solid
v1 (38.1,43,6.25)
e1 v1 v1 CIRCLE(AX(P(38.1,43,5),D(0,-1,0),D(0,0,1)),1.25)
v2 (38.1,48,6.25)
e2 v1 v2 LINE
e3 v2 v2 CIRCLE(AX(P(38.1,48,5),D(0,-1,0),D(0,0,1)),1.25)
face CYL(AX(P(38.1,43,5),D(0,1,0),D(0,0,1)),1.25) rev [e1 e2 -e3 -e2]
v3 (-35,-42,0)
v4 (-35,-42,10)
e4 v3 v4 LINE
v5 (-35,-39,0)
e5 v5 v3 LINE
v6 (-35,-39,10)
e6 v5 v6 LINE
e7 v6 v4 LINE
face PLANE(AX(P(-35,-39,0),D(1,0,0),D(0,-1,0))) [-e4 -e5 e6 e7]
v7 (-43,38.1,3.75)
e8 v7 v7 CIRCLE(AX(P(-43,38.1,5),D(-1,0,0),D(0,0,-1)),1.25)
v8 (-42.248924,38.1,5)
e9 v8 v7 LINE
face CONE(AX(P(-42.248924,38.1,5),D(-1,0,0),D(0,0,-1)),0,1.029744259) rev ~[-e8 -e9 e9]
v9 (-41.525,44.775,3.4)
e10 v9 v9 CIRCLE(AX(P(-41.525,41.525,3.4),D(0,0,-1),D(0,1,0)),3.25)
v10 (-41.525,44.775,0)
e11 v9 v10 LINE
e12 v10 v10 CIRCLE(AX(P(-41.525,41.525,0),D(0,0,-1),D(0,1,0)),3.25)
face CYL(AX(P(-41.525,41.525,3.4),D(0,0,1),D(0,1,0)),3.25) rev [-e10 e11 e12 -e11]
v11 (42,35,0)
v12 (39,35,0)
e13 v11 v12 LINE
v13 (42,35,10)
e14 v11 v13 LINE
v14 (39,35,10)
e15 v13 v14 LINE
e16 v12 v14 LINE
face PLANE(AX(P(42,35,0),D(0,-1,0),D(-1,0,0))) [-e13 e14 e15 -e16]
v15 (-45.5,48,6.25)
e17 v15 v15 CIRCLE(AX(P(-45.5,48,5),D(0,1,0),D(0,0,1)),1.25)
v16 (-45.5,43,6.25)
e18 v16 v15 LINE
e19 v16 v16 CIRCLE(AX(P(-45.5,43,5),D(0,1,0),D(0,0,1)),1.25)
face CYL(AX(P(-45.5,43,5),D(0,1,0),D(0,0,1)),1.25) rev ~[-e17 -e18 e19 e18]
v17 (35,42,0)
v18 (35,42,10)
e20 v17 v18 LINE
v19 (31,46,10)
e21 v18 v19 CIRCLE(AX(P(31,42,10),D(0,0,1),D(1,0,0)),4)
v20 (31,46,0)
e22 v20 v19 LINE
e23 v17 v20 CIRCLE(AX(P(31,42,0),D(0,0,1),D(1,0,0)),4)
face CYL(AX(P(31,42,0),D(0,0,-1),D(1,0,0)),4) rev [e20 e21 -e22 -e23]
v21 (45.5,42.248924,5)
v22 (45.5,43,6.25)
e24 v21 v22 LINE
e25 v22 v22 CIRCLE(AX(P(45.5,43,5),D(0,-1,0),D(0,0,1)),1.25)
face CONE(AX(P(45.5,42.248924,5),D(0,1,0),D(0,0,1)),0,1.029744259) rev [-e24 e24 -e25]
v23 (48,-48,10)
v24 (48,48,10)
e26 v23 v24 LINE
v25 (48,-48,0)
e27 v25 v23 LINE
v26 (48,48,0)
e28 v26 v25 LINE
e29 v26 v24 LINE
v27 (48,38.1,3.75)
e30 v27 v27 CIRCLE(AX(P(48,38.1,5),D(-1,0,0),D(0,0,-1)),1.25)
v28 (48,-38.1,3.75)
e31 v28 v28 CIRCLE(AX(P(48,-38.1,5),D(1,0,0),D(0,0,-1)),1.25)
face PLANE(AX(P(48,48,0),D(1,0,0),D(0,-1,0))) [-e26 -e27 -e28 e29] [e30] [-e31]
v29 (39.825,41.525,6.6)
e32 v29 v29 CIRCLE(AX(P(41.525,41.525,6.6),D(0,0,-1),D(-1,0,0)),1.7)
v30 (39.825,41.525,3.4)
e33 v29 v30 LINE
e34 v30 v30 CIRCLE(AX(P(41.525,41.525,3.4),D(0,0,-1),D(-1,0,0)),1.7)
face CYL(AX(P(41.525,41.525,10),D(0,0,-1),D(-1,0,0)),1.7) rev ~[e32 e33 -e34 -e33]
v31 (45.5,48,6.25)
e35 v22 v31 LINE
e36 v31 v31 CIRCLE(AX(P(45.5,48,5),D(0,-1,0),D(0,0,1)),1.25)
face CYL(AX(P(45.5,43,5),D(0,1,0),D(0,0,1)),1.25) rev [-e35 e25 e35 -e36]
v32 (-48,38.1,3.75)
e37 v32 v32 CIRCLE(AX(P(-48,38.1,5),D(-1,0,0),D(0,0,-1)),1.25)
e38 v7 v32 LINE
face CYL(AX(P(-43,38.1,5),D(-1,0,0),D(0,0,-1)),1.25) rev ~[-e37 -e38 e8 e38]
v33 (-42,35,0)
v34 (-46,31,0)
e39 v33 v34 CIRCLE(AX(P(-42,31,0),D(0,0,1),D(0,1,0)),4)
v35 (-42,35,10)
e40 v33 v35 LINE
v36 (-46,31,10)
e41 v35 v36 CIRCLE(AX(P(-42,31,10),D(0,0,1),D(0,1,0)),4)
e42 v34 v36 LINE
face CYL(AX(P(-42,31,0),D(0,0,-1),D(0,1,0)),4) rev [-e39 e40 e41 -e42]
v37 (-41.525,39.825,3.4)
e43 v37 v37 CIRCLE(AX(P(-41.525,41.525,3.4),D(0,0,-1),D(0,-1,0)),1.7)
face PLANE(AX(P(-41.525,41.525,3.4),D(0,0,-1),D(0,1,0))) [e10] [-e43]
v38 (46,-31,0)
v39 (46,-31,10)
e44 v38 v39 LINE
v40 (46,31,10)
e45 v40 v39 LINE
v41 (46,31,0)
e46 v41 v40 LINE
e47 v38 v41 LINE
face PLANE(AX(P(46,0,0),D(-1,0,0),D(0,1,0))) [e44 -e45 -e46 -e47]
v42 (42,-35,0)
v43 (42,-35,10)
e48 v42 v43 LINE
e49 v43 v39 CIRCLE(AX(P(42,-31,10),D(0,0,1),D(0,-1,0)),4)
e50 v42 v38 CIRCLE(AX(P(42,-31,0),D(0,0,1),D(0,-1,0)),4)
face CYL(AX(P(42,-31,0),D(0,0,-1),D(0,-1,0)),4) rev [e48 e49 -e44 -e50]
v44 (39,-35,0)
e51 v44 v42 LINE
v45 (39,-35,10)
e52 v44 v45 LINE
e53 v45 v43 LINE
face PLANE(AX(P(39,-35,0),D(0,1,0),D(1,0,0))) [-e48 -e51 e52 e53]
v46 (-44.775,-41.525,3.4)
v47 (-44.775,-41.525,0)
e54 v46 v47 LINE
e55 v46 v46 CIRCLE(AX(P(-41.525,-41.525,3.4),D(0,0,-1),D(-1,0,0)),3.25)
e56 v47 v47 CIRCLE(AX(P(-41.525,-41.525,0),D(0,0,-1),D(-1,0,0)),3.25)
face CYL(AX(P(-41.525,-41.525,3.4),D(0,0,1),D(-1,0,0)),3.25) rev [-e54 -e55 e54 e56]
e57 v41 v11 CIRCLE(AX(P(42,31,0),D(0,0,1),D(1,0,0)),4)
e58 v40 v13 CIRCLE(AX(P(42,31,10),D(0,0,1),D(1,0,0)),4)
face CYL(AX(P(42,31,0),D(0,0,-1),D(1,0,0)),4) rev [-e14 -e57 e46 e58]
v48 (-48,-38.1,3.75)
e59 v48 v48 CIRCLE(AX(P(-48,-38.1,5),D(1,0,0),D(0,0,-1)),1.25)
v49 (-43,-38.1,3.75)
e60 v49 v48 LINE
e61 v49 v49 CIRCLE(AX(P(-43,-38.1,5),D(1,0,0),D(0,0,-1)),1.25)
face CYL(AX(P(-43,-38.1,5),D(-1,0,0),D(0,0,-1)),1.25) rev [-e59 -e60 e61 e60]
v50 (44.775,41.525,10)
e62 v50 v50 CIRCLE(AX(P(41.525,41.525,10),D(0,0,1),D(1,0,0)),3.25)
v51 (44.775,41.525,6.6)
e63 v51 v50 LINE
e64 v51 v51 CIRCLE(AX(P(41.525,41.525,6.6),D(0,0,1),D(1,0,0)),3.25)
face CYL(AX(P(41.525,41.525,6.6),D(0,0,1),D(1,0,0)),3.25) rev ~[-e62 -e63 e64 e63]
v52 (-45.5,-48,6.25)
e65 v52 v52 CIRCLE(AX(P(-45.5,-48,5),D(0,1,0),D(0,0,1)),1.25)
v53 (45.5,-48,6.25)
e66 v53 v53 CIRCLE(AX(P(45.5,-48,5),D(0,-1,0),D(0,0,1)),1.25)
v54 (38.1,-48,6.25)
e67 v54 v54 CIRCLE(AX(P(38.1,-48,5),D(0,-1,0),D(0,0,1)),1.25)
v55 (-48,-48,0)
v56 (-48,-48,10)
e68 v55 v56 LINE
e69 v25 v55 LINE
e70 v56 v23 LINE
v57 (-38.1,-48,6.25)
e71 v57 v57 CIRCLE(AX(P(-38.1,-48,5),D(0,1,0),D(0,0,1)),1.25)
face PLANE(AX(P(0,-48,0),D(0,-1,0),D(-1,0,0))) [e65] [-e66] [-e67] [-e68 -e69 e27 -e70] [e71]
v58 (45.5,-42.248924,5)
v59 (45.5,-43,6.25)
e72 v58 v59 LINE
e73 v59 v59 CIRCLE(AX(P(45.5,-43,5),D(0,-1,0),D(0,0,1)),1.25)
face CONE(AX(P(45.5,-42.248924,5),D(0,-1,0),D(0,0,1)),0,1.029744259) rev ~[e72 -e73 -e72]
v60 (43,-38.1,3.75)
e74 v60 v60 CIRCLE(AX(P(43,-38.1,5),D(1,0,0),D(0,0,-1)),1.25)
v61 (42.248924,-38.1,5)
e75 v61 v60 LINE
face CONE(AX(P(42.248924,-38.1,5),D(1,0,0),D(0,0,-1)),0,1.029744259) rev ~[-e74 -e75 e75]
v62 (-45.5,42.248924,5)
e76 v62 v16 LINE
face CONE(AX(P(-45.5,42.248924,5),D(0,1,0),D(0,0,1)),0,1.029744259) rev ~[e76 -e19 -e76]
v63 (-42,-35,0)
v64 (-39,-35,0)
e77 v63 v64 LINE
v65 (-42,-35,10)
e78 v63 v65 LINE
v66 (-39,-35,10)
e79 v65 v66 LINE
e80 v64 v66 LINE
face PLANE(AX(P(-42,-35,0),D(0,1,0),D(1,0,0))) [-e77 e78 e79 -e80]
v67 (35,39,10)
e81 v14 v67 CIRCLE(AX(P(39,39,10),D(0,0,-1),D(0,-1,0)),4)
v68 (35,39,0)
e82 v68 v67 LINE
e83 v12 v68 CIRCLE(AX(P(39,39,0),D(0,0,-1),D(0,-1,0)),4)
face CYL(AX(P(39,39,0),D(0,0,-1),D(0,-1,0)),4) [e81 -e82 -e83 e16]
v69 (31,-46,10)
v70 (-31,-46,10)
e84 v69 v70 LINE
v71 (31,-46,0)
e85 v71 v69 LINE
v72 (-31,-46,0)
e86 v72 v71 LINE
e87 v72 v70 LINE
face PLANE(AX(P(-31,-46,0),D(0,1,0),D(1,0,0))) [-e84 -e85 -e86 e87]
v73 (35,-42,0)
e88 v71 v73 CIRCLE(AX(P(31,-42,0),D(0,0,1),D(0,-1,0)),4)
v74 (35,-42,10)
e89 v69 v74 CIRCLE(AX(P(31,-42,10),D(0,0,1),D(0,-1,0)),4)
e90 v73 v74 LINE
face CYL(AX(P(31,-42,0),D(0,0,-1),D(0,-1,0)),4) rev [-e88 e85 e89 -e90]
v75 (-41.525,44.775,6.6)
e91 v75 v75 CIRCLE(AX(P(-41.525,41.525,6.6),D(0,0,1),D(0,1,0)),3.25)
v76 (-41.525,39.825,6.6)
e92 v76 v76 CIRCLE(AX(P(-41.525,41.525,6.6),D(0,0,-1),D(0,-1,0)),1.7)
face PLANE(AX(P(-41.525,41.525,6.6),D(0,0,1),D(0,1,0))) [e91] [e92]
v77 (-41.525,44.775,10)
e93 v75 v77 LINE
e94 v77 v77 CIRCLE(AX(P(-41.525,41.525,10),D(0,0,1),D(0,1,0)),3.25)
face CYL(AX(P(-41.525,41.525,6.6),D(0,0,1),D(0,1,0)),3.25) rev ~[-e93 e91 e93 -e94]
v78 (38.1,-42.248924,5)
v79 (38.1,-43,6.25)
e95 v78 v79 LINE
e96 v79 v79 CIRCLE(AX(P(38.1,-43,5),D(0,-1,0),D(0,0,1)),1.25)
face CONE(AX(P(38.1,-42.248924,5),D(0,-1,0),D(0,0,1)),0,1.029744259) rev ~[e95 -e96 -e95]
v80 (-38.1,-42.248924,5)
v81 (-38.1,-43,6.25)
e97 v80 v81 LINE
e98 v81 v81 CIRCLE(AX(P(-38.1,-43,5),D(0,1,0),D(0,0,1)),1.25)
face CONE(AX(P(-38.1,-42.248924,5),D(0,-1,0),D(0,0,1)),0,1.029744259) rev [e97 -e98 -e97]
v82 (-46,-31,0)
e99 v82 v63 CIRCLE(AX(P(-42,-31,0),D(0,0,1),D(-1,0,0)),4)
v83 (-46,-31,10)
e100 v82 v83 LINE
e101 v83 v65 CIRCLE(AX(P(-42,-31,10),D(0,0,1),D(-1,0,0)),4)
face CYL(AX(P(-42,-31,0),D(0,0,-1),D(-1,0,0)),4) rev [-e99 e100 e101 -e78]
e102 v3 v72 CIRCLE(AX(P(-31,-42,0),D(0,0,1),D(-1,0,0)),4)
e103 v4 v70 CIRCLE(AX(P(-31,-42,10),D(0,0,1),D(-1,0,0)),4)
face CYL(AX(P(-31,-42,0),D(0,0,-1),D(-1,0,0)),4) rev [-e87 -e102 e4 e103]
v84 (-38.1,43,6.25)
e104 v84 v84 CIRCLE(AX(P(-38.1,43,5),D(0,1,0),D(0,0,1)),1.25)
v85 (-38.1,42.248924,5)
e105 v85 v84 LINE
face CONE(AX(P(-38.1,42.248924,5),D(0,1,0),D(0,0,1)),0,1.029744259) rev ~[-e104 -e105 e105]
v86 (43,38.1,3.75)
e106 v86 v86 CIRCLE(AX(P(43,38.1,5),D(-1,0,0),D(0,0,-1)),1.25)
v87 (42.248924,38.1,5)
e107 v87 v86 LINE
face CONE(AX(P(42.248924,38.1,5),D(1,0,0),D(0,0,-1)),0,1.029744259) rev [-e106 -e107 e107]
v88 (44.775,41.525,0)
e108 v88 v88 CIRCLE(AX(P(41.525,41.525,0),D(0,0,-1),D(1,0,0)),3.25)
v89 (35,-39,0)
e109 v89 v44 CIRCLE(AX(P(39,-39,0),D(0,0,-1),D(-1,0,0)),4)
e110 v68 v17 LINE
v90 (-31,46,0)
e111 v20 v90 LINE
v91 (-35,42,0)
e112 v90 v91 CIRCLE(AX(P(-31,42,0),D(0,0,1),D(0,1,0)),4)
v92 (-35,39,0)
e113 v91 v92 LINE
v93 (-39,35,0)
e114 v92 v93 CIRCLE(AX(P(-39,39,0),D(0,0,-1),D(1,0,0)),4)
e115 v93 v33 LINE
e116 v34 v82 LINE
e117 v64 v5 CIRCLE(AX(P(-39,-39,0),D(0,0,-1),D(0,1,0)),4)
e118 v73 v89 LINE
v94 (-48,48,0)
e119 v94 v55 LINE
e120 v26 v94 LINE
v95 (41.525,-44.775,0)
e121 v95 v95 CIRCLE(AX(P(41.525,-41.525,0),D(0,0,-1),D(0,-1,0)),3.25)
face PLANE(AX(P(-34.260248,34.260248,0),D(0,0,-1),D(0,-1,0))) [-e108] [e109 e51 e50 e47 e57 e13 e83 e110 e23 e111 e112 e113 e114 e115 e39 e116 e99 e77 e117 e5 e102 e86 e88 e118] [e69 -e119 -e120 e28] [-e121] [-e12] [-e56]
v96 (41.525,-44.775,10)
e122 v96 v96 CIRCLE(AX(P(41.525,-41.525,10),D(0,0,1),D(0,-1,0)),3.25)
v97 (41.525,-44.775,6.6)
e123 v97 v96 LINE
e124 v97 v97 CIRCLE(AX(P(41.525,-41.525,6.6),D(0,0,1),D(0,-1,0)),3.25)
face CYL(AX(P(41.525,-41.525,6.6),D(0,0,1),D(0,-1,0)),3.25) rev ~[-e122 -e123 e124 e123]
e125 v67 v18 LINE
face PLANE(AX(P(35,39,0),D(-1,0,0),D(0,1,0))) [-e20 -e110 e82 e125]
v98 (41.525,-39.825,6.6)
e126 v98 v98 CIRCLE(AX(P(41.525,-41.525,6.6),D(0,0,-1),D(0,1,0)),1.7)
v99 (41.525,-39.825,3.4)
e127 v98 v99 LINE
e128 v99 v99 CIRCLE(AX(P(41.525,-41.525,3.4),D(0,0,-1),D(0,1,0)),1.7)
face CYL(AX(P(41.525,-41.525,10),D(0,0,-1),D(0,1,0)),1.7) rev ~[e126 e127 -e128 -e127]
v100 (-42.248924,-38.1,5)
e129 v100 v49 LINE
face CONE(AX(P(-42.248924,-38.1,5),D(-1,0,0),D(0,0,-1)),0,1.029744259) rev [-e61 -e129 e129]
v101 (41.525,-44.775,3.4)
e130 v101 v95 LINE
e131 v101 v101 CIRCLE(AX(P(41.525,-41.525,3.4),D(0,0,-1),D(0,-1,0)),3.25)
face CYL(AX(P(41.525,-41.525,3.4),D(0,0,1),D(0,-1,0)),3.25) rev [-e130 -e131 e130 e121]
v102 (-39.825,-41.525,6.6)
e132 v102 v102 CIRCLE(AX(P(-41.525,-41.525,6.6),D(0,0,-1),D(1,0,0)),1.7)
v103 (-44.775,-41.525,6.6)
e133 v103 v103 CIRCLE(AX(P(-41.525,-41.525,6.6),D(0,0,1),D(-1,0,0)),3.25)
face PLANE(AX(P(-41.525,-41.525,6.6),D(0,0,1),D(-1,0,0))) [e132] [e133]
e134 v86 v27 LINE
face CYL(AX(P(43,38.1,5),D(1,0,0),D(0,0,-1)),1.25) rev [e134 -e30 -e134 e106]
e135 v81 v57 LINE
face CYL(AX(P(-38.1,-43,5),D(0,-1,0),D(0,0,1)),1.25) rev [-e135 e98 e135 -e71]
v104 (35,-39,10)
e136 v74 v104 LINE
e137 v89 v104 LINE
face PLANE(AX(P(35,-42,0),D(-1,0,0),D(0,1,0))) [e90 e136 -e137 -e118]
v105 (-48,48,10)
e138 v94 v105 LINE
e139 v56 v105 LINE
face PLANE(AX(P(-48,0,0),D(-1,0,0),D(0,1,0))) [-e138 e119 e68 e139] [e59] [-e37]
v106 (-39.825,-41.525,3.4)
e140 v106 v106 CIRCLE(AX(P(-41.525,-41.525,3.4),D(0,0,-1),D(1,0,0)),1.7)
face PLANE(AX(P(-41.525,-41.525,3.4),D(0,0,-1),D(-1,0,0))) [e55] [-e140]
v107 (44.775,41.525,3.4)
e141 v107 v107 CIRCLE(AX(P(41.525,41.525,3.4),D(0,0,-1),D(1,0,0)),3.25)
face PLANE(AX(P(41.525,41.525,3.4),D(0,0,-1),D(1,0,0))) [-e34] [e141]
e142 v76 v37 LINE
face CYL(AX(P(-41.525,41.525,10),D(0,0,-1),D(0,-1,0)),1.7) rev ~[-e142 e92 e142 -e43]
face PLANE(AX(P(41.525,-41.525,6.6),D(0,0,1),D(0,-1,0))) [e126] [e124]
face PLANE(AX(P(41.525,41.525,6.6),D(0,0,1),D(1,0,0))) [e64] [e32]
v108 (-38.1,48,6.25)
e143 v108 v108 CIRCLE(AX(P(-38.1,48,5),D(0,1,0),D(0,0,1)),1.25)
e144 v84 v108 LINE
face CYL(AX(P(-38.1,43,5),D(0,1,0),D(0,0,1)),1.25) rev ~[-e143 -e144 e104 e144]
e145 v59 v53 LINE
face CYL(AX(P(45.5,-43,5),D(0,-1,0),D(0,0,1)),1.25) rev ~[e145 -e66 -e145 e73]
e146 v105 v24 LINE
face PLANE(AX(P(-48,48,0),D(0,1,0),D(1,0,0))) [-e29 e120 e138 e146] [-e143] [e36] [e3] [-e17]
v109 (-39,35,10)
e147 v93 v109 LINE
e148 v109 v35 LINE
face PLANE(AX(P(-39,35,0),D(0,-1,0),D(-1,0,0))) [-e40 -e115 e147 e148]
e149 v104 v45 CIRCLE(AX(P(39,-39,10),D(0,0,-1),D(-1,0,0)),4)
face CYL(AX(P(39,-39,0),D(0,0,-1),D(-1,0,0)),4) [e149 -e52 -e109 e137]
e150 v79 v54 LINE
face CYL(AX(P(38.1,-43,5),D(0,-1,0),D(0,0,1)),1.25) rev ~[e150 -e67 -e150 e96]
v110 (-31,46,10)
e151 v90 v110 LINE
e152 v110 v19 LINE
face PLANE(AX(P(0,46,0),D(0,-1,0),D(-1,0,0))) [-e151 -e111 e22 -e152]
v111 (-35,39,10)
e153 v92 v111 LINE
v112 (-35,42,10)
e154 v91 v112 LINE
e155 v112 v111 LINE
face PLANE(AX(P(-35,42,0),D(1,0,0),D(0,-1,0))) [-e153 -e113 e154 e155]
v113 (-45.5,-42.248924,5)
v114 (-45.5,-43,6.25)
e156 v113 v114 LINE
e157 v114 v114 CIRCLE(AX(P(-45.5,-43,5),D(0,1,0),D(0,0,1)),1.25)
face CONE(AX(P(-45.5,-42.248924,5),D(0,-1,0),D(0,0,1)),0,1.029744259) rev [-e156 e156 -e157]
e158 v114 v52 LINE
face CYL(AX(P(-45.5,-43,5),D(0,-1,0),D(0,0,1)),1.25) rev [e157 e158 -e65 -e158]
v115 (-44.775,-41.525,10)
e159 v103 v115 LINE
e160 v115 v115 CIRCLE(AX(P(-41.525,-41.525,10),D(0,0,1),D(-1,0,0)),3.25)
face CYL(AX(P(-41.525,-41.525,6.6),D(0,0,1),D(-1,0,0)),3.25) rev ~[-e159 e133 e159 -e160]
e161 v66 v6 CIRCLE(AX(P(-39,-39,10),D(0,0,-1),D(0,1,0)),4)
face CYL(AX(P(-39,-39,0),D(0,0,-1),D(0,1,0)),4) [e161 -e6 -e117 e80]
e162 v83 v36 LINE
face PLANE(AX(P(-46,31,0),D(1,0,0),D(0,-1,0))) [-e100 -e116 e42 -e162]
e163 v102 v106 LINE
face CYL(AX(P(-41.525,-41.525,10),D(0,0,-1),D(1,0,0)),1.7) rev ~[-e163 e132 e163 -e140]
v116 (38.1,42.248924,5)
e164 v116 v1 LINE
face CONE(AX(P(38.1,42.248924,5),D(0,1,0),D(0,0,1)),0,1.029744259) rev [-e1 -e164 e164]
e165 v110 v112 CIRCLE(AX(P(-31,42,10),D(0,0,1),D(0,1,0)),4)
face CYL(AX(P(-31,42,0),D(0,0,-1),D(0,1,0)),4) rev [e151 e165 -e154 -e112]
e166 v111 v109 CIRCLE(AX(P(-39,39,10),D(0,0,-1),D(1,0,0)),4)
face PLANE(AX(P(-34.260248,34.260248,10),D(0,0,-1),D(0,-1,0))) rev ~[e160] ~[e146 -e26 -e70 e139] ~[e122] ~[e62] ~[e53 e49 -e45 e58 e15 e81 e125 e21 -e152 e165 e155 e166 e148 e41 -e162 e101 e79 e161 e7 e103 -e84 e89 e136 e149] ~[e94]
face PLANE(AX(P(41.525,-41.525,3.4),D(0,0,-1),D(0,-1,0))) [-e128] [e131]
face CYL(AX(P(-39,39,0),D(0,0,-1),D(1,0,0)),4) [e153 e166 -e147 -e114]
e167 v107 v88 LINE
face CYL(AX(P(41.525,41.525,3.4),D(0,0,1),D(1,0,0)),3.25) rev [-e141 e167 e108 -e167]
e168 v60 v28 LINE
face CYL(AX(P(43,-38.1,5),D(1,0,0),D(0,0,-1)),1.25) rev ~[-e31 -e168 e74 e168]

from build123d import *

# Parameters (mm, degrees)
BOTTOMLAYER_DEPTH                                   = 10
CBORE_FOR_M3_HEX_SOCKET_HEAD_CAP_SCREW1_D           = 3.4
CBORE_FOR_M3_HEX_SOCKET_HEAD_CAP_SCREW1_CBORE_D     = 6.5
CBORE_FOR_M3_HEX_SOCKET_HEAD_CAP_SCREW1_CBORE_DEPTH = 3.4
CIRPATTERN1_COUNT                                   = 4
CUT_EXTRUDE1_START                                  = -3.4
SKETCH30_R                                          = 3.25
CUT_EXTRUDE1_DEPTH                                  = 3.4
CIRPATTERN2_COUNT                                   = 4


with BuildPart() as part:
    # Sketch3 → BottomLayer (new body)
    with BuildSketch(Plane.XY):
        with BuildLine():
            Line((0, 48), (48, 48))
            Line((48, 48), (48, 0))
            Line((48, 0), (46, 0))
            Line((46, 0), (46, 31))
            ThreePointArc((46, 31), (44.828427125, 33.828427125), (42, 35))
            Line((42, 35), (39, 35))
            ThreePointArc((39, 35), (36.171572875, 36.171572875), (35, 39))
            Line((35, 39), (35, 42))
            ThreePointArc((35, 42), (33.828427125, 44.828427125), (31, 46))
            Line((31, 46), (0, 46))
            Line((0, 46), (0, 48))
        make_face()
    bottomlayer = extrude(amount=BOTTOMLAYER_DEPTH)

    # CBORE for M3 Hex Socket Head Cap Screw1 (through all)
    with Locations(Plane.XY.offset(10)):
        with Locations((41.525, 41.525)):
            cbore_for_m3_hex_socket_head_cap_screw1 = CounterBoreHole(CBORE_FOR_M3_HEX_SOCKET_HEAD_CAP_SCREW1_D / 2, CBORE_FOR_M3_HEX_SOCKET_HEAD_CAP_SCREW1_CBORE_D / 2, CBORE_FOR_M3_HEX_SOCKET_HEAD_CAP_SCREW1_CBORE_DEPTH)

    # CirPattern1: BottomLayer, CBORE for M3 Hex Socket Head Cap Screw1 ×4 about axis
    cirpattern1_axis = Axis((0, 0, -0.5), (0, 0, 1))
    add([bottomlayer.rotate(cirpattern1_axis, i * 360 / CIRPATTERN1_COUNT) for i in range(1, CIRPATTERN1_COUNT)])
    add([cbore_for_m3_hex_socket_head_cap_screw1.rotate(cirpattern1_axis, i * 360 / CIRPATTERN1_COUNT) for i in range(1, CIRPATTERN1_COUNT)], mode=Mode.SUBTRACT)

    # Sketch21 → Tap Drill M3 Side Plate (revolve, cut)
    with BuildSketch(Plane(origin=(48, 38.1, 5), x_dir=(0, 0, -1), z_dir=(0, 1, 0))):
        Polygon((0, 0), (0, 5.751075774), (1.25, 5), (1.25, 0), align=None)
    tap_drill_m3_side_plate = revolve(axis=Axis((54.35, 38.1, 5), (-1, 0, 0)), mode=Mode.SUBTRACT)

    # Sketch27 → Tap Drill M3 Side Plate 2 (revolve, cut)
    with BuildSketch(Plane(origin=(38.1, 48, 5), x_dir=(0, 0, 1), z_dir=(1, 0, 0))):
        Polygon((0, 0), (0, 5.751075774), (1.25, 5), (1.25, 0), align=None)
    tap_drill_m3_side_plate_2 = revolve(axis=Axis((38.1, 54.35, 5), (0, -1, 0)), mode=Mode.SUBTRACT)

    # Sketch29 → Tap Drill M3 Rail (revolve, cut)
    with BuildSketch(Plane(origin=(45.5, 48, 5), x_dir=(0, 0, 1), z_dir=(1, 0, 0))):
        Polygon((0, 0), (0, 5.751075774), (1.25, 5), (1.25, 0), align=None)
    tap_drill_m3_rail = revolve(axis=Axis((45.5, 54.35, 5), (0, -1, 0)), mode=Mode.SUBTRACT)

    # SidePlate and Rail Holes 1: Tap Drill M3 Side Plate, Tap Drill M3 Side Plate 2, Tap Drill M3 Rail across plane
    add(tap_drill_m3_side_plate.mirror(Plane(origin=(0, 0, 0), x_dir=(0, 0, 1), z_dir=(1, 0, 0))), mode=Mode.SUBTRACT)
    add(tap_drill_m3_side_plate_2.mirror(Plane(origin=(0, 0, 0), x_dir=(0, 0, 1), z_dir=(1, 0, 0))), mode=Mode.SUBTRACT)
    add(tap_drill_m3_rail.mirror(Plane(origin=(0, 0, 0), x_dir=(0, 0, 1), z_dir=(1, 0, 0))), mode=Mode.SUBTRACT)

    # Side Plate and Rail Holes 2 copy 1 sketc → Side Plate and Rail Holes 2 copy 1 (revolve, cut)
    with BuildSketch(Plane(origin=(-48, -38.1, 5), x_dir=(0, 0, -1), z_dir=(0, -1, 0))):
        Polygon((0, 0), (0, 5.751075774), (1.25, 5), (1.25, 0), align=None)
    revolve(axis=Axis((-54.35, -38.1, 5), (1, 0, 0)), mode=Mode.SUBTRACT)

    # Side Plate and Rail Holes 2 copy 2 sketc → Side Plate and Rail Holes 2 copy 2 (revolve, cut)
    with BuildSketch(Plane(origin=(-38.1, -48, 5), x_dir=(0, 0, 1), z_dir=(-1, 0, 0))):
        Polygon((0, 0), (0, 5.751075774), (1.25, 5), (1.25, 0), align=None)
    revolve(axis=Axis((-38.1, -54.35, 5), (0, 1, 0)), mode=Mode.SUBTRACT)

    # Side Plate and Rail Holes 2 copy 3 sketc → Side Plate and Rail Holes 2 copy 3 (revolve, cut)
    with BuildSketch(Plane(origin=(-45.5, -48, 5), x_dir=(0, 0, 1), z_dir=(-1, 0, 0))):
        Polygon((0, 0), (0, 5.751075774), (1.25, 5), (1.25, 0), align=None)
    revolve(axis=Axis((-45.5, -54.35, 5), (0, 1, 0)), mode=Mode.SUBTRACT)

    # Side Plate and Rail Holes 2 copy 4 sketc → Side Plate and Rail Holes 2 copy 4 (revolve, cut)
    with BuildSketch(Plane(origin=(48, -38.1, 5), x_dir=(0, 0, -1), z_dir=(0, -1, 0))):
        Polygon((0, 0), (0, -5.751075774), (1.25, -5), (1.25, 0), align=None)
    revolve(axis=Axis((54.35, -38.1, 5), (1, 0, 0)), mode=Mode.SUBTRACT)

    # Side Plate and Rail Holes 2 copy 5 sketc → Side Plate and Rail Holes 2 copy 5 (revolve, cut)
    with BuildSketch(Plane(origin=(38.1, -48, 5), x_dir=(0, 0, 1), z_dir=(1, 0, 0))):
        Polygon((0, 0), (0, -5.751075774), (1.25, -5), (1.25, 0), align=None)
    revolve(axis=Axis((38.1, -54.35, 5), (0, -1, 0)), mode=Mode.SUBTRACT)

    # Side Plate and Rail Holes 2 copy 6 sketc → Side Plate and Rail Holes 2 copy 6 (revolve, cut)
    with BuildSketch(Plane(origin=(45.5, -48, 5), x_dir=(0, 0, 1), z_dir=(1, 0, 0))):
        Polygon((0, 0), (0, -5.751075774), (1.25, -5), (1.25, 0), align=None)
    revolve(axis=Axis((45.5, -54.35, 5), (0, -1, 0)), mode=Mode.SUBTRACT)

    # Sketch30 → Cut-Extrude1 (cut)
    with BuildSketch(Plane(origin=(0, 0, 0), x_dir=(-1, 0, 0), z_dir=(0, 0, -1)).offset(CUT_EXTRUDE1_START)):
        with Locations((-41.525, 41.525)):
            Circle(SKETCH30_R)
    cut_extrude1 = extrude(amount=CUT_EXTRUDE1_DEPTH, mode=Mode.SUBTRACT)

    # CirPattern2: Cut-Extrude1 ×4 about axis
    cirpattern2_axis = Axis((0, 0, -0.5), (0, 0, 1))
    for i in range(1, CIRPATTERN2_COUNT):
        add(cut_extrude1.rotate(cirpattern2_axis, i * 360 / CIRPATTERN2_COUNT), mode=Mode.SUBTRACT)


solid = part.part
